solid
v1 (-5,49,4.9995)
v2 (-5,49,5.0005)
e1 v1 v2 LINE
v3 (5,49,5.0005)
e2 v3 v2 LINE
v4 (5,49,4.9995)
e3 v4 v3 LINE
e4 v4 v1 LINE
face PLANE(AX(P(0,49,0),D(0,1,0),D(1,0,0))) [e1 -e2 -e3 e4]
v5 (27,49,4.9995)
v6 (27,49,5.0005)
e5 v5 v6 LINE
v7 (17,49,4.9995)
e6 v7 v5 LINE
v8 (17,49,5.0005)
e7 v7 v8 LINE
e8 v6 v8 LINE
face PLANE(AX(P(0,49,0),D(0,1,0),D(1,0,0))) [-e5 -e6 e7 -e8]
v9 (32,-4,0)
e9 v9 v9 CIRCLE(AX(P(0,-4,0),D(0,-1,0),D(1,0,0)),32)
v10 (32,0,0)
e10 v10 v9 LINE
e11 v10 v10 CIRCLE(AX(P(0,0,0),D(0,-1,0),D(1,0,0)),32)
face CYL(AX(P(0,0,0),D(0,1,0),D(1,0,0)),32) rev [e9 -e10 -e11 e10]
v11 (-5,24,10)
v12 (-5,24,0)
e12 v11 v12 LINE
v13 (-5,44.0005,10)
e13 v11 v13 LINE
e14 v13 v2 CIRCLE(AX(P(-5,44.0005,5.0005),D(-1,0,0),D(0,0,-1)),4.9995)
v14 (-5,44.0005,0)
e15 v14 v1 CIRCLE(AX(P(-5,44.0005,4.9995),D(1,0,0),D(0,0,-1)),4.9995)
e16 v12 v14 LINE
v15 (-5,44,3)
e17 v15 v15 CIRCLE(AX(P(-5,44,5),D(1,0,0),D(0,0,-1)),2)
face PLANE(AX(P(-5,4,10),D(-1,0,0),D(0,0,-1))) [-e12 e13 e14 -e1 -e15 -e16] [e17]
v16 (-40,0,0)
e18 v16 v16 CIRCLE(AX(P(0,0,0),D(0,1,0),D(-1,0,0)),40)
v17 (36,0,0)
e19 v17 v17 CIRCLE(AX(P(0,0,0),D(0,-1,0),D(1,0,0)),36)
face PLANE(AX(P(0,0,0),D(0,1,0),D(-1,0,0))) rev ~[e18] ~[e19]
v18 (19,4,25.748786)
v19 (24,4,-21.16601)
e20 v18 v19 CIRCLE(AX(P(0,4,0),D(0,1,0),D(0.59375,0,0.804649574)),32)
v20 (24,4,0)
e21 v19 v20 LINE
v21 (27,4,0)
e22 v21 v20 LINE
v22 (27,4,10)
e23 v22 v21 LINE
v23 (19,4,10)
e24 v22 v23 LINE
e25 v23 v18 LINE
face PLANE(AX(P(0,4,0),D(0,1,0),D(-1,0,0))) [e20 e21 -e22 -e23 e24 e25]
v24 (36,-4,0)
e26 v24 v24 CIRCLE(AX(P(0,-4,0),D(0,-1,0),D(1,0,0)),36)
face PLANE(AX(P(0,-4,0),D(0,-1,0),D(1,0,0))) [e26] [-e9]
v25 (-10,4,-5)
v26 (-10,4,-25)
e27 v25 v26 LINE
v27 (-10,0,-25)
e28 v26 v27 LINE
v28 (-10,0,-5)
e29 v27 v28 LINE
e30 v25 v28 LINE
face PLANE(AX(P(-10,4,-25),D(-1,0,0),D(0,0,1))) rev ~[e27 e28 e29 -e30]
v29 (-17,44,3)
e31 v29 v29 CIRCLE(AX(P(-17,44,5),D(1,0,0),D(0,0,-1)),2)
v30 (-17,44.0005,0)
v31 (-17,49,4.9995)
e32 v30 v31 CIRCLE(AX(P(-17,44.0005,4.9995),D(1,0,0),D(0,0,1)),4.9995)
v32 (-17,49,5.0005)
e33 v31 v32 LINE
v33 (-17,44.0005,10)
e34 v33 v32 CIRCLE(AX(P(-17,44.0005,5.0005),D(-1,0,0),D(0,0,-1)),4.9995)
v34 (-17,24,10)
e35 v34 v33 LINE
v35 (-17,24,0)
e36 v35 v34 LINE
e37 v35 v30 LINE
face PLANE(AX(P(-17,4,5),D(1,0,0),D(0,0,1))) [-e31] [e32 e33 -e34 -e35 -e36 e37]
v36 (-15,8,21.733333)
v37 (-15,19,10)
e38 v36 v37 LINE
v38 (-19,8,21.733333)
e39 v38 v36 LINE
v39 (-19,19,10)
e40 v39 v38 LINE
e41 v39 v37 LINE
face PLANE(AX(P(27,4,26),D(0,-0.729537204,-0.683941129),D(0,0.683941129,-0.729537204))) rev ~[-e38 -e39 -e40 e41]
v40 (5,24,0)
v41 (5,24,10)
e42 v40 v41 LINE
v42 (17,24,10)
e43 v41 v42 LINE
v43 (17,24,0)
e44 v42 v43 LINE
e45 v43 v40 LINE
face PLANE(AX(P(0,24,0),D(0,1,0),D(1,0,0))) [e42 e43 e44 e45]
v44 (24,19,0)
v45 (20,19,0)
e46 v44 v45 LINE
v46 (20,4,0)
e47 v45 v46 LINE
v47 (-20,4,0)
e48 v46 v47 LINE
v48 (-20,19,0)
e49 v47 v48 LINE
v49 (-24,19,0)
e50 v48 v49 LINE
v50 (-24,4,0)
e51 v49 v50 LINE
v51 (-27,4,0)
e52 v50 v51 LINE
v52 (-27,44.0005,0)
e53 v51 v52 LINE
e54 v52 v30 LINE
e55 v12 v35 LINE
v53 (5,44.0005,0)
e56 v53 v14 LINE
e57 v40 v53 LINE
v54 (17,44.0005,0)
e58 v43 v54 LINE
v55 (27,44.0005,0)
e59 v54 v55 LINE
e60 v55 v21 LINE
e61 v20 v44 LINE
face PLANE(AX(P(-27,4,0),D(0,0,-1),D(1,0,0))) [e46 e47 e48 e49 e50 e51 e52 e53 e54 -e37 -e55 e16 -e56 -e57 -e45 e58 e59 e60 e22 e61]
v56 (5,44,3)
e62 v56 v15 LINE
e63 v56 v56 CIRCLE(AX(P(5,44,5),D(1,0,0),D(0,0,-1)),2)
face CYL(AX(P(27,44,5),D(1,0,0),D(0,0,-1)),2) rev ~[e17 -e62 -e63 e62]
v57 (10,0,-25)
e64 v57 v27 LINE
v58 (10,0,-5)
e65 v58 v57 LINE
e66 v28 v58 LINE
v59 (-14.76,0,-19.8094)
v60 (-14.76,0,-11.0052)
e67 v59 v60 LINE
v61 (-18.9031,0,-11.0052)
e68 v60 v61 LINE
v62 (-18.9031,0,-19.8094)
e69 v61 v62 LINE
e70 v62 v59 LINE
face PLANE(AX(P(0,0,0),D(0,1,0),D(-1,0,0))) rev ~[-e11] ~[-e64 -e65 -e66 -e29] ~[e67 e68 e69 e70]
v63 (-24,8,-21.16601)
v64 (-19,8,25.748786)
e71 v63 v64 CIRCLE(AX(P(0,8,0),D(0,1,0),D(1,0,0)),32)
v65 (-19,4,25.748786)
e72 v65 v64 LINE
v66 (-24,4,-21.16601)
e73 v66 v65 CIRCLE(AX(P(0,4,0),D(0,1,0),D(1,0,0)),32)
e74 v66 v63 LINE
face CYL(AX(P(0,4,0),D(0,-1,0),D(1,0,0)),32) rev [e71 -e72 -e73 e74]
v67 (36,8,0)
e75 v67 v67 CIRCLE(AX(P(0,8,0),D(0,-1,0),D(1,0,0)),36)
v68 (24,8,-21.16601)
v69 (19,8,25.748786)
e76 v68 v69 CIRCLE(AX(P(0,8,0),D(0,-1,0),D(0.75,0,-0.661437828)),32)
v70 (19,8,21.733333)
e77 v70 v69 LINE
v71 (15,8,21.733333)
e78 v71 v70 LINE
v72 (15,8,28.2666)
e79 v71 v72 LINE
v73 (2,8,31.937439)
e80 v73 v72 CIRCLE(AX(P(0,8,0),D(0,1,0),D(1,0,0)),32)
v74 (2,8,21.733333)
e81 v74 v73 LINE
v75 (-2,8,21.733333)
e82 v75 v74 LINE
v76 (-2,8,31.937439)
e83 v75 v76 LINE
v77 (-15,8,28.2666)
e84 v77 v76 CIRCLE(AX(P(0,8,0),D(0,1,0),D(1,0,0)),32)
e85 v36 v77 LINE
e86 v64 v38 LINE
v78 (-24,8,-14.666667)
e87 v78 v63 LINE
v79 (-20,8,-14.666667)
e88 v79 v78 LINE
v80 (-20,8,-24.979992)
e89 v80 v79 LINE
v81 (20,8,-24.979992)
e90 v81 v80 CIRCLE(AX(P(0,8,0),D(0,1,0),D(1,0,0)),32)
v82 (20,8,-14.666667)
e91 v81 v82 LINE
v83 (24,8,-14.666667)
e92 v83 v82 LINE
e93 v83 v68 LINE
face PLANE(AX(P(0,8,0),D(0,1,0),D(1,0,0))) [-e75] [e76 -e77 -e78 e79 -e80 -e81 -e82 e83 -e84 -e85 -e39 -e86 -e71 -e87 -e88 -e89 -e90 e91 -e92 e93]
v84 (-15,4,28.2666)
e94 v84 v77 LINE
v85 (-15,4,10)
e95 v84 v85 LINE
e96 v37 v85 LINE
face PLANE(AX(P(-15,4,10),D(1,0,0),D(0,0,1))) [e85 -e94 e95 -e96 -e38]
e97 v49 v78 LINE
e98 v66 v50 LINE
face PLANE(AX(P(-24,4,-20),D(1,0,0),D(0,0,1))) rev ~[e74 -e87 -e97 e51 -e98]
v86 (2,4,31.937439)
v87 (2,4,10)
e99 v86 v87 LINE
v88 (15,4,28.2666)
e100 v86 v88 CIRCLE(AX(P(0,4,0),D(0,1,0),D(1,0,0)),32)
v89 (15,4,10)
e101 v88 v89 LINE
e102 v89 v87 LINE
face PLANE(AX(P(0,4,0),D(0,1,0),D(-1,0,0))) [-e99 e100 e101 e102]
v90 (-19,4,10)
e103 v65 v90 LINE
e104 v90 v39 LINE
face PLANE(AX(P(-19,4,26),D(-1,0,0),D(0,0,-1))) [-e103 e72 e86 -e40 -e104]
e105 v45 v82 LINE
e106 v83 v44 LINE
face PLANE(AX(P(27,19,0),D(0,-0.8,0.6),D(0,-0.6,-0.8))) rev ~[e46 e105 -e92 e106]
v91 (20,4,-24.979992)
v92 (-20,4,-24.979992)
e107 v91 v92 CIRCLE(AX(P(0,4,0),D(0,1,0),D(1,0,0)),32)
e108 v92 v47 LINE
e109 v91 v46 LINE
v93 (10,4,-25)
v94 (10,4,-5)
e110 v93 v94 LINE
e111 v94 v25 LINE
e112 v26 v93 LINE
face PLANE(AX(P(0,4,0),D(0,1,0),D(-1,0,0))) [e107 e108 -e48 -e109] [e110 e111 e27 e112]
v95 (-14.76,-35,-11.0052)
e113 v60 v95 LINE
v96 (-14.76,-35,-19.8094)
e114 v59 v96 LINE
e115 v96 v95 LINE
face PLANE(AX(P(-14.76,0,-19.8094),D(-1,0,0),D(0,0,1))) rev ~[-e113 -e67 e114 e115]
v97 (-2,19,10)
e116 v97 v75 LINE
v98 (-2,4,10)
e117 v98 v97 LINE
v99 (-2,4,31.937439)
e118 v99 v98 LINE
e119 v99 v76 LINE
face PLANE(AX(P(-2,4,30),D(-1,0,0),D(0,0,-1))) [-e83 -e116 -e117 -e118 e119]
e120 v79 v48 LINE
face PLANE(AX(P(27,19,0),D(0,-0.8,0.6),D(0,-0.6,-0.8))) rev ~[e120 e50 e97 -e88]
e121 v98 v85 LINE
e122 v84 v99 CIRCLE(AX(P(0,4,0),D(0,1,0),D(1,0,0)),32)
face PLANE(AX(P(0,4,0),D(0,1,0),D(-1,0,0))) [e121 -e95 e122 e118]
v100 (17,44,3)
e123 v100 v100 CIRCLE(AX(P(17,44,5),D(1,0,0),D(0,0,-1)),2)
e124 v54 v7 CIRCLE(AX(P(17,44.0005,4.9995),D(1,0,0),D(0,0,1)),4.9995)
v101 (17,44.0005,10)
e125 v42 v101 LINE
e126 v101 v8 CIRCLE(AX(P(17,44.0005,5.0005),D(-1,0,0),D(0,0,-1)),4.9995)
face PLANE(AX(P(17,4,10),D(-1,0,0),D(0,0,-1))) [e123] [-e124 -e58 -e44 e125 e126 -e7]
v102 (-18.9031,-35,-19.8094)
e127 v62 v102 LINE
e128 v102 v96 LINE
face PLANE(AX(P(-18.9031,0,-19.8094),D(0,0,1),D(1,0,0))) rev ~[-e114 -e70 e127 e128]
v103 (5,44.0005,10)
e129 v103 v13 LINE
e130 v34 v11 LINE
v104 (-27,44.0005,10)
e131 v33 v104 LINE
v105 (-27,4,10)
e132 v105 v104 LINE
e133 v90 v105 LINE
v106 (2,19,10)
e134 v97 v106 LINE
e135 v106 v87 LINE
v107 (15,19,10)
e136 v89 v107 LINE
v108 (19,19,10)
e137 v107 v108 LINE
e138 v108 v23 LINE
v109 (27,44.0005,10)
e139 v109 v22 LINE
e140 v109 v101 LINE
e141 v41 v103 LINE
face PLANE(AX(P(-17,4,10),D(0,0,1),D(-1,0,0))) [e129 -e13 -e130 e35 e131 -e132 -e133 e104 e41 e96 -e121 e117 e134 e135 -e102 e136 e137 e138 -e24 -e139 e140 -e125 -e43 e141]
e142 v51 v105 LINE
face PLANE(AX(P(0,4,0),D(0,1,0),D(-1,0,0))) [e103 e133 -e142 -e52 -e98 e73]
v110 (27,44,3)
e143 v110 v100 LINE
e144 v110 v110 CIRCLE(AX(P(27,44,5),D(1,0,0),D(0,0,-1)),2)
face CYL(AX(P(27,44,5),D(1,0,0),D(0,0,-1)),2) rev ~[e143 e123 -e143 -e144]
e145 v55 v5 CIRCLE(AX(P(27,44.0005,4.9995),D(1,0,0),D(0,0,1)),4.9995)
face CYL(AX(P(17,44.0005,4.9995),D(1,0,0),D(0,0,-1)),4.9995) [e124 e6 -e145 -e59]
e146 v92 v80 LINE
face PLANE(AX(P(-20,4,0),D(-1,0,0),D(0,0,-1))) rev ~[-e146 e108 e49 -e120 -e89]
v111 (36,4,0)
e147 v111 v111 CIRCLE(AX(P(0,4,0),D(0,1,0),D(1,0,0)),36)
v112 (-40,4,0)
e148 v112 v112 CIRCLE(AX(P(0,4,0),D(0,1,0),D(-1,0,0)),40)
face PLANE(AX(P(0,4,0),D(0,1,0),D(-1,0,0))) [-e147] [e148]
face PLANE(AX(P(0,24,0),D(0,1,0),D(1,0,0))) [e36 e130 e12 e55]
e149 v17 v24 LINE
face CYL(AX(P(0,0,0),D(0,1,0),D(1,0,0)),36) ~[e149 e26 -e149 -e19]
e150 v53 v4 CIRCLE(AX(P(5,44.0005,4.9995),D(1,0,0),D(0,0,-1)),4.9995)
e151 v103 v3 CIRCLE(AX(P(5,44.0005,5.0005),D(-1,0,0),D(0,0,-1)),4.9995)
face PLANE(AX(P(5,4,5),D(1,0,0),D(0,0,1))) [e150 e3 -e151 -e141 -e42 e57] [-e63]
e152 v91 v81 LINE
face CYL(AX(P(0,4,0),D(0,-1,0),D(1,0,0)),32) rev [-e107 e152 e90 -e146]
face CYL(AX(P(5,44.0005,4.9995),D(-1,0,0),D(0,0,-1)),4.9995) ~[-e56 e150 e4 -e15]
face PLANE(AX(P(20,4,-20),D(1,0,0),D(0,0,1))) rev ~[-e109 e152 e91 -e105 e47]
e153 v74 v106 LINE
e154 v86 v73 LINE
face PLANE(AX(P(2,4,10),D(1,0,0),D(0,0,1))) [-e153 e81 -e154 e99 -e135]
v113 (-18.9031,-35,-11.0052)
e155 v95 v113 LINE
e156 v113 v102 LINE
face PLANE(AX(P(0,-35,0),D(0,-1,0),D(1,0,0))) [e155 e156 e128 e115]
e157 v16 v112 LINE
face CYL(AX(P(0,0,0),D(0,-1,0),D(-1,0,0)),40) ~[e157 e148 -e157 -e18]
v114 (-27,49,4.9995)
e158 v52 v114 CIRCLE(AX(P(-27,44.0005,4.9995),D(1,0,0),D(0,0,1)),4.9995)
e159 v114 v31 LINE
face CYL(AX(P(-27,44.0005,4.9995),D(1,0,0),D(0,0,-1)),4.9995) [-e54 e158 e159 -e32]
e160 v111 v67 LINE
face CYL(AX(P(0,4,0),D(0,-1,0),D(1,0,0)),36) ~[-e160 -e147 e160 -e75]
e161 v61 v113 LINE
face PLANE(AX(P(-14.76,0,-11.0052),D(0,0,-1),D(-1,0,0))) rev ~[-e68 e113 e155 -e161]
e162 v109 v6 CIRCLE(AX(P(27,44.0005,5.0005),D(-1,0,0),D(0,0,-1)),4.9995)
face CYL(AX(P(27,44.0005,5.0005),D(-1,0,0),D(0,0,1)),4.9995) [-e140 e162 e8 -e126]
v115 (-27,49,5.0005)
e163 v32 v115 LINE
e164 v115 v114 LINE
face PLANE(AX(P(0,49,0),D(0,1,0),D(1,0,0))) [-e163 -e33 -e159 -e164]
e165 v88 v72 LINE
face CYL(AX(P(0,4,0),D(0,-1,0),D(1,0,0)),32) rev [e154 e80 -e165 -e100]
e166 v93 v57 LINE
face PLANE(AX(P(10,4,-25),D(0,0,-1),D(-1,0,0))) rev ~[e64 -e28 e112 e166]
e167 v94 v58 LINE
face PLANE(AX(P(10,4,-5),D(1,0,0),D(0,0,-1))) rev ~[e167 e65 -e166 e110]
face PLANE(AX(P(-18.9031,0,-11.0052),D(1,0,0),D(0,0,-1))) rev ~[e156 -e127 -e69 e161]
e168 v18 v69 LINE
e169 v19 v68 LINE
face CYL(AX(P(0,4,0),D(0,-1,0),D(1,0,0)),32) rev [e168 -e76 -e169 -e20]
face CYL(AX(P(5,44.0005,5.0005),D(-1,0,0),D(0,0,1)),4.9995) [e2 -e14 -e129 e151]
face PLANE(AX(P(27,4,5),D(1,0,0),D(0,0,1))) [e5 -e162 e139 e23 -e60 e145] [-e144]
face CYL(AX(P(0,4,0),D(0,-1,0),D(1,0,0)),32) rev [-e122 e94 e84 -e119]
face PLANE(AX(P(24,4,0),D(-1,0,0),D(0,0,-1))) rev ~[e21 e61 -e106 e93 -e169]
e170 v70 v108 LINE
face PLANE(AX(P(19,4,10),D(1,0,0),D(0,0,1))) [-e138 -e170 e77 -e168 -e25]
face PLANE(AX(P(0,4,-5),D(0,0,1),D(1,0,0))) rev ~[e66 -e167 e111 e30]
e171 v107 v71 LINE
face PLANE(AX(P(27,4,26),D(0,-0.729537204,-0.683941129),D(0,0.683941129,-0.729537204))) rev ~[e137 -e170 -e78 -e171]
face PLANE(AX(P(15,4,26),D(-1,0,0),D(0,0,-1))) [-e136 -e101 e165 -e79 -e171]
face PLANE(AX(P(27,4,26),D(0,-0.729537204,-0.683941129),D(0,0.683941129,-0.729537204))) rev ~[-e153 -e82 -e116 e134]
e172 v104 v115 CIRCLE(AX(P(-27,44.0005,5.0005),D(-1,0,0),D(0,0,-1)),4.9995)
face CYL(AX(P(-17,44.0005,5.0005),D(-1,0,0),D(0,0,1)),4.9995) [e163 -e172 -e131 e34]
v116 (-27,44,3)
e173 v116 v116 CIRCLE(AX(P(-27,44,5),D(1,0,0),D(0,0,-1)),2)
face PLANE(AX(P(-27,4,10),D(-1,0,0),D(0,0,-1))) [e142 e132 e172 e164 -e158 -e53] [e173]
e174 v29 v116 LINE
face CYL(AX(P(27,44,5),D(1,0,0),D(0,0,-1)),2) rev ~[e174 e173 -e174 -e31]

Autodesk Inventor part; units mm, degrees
ref_plane "YZ Plane" through (0, 0, 0) normal (1, 0, 0) x (0, 1, 0)
ref_plane "XZ Plane" through (0, 0, 0) normal (0, 1, 0) x (-1, 0, 0)
ref_plane "XY Plane" through (0, 0, 0) normal (0, 0, 1) x (1, 0, 0)
sketch "Эскиз1" plane through (0, 0, 0) normal (0, 1, 0) x (-1, 0, 0)
  circle A0 centre (0, 0) radius 40
  dimension "d0" = 80
extrude "Выдавливание1" add sketch "Эскиз1" along normal blind 4
sketch "Эскиз2" plane through (0, 4, 0) normal (0, 1, 0) x (1, 0, 0)
  line L0 (-17, -10) -> (-27, -10)
  line L1 (-27, -10) -> (-27, 0)
  line L2 (-27, 0) -> (-17, 0)
  line L3 (-17, 0) -> (-17, -10)
  line L4 (27, -10) -> (17, -10)
  line L5 (17, -10) -> (17, 0)
  line L6 (17, 0) -> (27, 0)
  line L7 (27, 0) -> (27, -10)
  line L8 (5, -10) -> (-5, -10)
  line L9 (-5, -10) -> (-5, 0)
  line L10 (-5, 0) -> (5, 0)
  line L11 (5, 0) -> (5, -10)
  circle A0 centre (0, 0) radius 40 projected
  line L12 (0, 40) -> (0, 16.8758)
  line L13 (40, 0) -> (27.344, 0)
  line L14 (0, 0) -> (0, 40)
  line L15 (40, 0) -> (0, 0)
  line L16 (39.6863, -5) -> (-39.6863, -5)
  dimension "d3" = 10
  dimension "d4" = 12
  dimension "d5" = 10
  dimension "d14" = 5
extrude "Выдавливание2" add sketch "Эскиз2" along normal blind 45 contours L0 L1 L16 L3 | L16 L1 L2 L3 | L16 L11 L8 L9 | L9 L10 L11 L16 | L16 L7 L4 L5 | L5 L6 L7 L16
sketch "Эскиз3" plane through (27, 4, 10) normal (1, 0, 0) x (0, 0, -1)
  line L0 (0, 45) -> (10, 45) projected
  line L1 (10, 0) -> (10, 45) projected
  circle A0 centre (5, 40) radius 2
  point P0 (10, -4)
  point P1 (5, 45)
  point P2 (10, 40)
  dimension "d8" = 5
  dimension "d9" = 4
  dimension "d20" = 0
extrude "Выдавливание3" cut sketch "Эскиз3" against normal blind 100
fillet "Сопряжение1" radius 5 6 edges at (-22, 49, 10) (-22, 49, 0) (0, 49, 10) (0, 49, 0) (22, 49, 10) (22, 49, 0)
sketch "Эскиз4" plane through (0, 4, 0) normal (0, 1, 0) x (1, 0, 0)
  line L0 (10, 25) -> (-10, 25)
  line L1 (-10, 25) -> (-10, 5)
  line L2 (-10, 5) -> (10, 5)
  line L3 (10, 5) -> (10, 25)
  circle A0 centre (0, 0) radius 40 projected
  line L4 (0, 40) -> (0, 0)
  dimension "d15" = 20
  dimension "d16" = 20
  dimension "d17" = 5
extrude "Выдавливание4" cut sketch "Эскиз4" against normal blind 10 contours L3 L2 L4 L0 | L4 L2 L1 L0
sketch "Эскиз5" plane through (0, 4, 0) normal (0, 1, 0) x (1, 0, 0)
  line L0 (-27, -10) -> (-27, 0) projected
  line L1 (17, 0) -> (27, 0) projected
  line L2 (-27, -10) -> (27, -10)
  line L3 (27, -10) -> (27, 0)
  line L4 (27, 0) -> (-27, 0)
  line L5 (-27, 0) -> (-27, -10)
  point P0 (0, 0)
extrude "Выдавливание5" add sketch "Эскиз5" along normal blind 20
sketch "Эскиз6" plane through (0, 4, 0) normal (0, 1, 0) x (1, 0, 0)
  line L0 (-27, 0) -> (27, 0) projected
  line L1 (20, 0) -> (24, 0)
  line L2 (24, 0) -> (24, 20)
  line L3 (24, 20) -> (20, 20)
  line L4 (20, 20) -> (20, 0)
  line L5 (-24, 0) -> (-20, 0)
  line L6 (-20, 0) -> (-20, 20)
  line L7 (-20, 20) -> (-24, 20)
  line L8 (-24, 20) -> (-24, 0)
  line L9 (-5, -10) -> (5, -10) projected
  line L10 (-2, -10) -> (2, -10)
  line L11 (2, -10) -> (2, -30)
  line L12 (2, -30) -> (-2, -30)
  line L13 (-2, -30) -> (-2, -10)
  line L14 (-27, -10) -> (-17, -10) projected
  line L15 (-19, -10) -> (-15, -10)
  line L16 (-15, -10) -> (-15, -26)
  line L17 (-15, -26) -> (-19, -26)
  line L18 (-19, -26) -> (-19, -10)
  line L19 (27, -10) -> (-27, -10) projected
  line L20 (15, -10) -> (19, -10)
  line L21 (19, -10) -> (19, -26)
  line L22 (19, -26) -> (15, -26)
  line L23 (15, -26) -> (15, -10)
  line L24 (17, 0) -> (17, -10) projected
  line L25 (0, 0) -> (0, 4.7699)
  line L26 (-17, -10) -> (-17, 0) projected
  line L27 (-22, -10) -> (-22, 0)
  line L28 (17, -10) -> (27, -10) projected
  line L29 (22, -10) -> (22, 0)
  line L30 (-17, 0) -> (-27, 0) projected
  dimension "d23" = 4
  dimension "d24" = 20
  dimension "d25" = 16
  dimension "d26" = 20
  dimension "d27" = 0
extrude "Выдавливание6" add sketch "Эскиз6" along normal blind 15 contours L8 L7 L6 L0 | L14 L15 L16 L17 L18 | L4 L3 L2 L0 | L19 L21 L22 L23 | L9 L11 L12 L13
sketch "Эскиз7" plane through (27, 4, 10) normal (1, 0, 0) x (0, 0, -1)
  line L0 (-16, 0) -> (0, 0) projected
  line L1 (-16, 0) -> (0, 15)
  line L2 (0, 0) -> (0, 30) projected
  line L3 (10, 0) -> (10, 30) projected
  line L4 (30, 0) -> (30, 15) projected
  line L5 (10, 15) -> (30, 0)
  line L6 (50, 0) -> (-30, 0) projected
  line L7 (-30, 0) -> (50, 0)
  line L8 (50, 0) -> (50, -10)
  line L9 (50, -10) -> (-30, -10)
  line L10 (-30, -10) -> (-30, 0)
  arc A0 (10, 40) -> (0, 40) centre (5, 40) ccw projected
  line L11 (10, 0) -> (5, 0)
  line L12 (5, 0) -> (5, 45)
  line L13 (5, 45) -> (10, 45)
  line L14 (10, 45) -> (10, 0)
  line L15 (5, 45) -> (0, 45)
  line L16 (0, 45) -> (0, 0)
  line L17 (0, 0) -> (5, 0)
  line L18 (5, 0) -> (5, 45)
  point P0 (10, -4)
  dimension "d32" = 0
extrude "Выдавливание7" cut sketch "Эскиз7" against normal mid plane 1000 keep common part
sketch "Эскиз8" plane through (0, 4, 0) normal (0, 1, 0) x (1, 0, 0)
  circle A0 centre (0, 0) radius 36
  circle A1 centre (0, 0) radius 40 projected
  circle A2 centre (0, 0) radius 32
  line L0 (-19, -10) -> (-15, -10) projected
  line L1 (-19, -10) -> (-15, -10)
  line L2 (-15, -10) -> (-15, -28.2666)
  line L3 (-15, -28.2666) -> (-19, -28.2666)
  line L4 (-19, -28.2666) -> (-19, -10)
  line L5 (19, -10) -> (19, -26) projected
  line L6 (19, -10) -> (15, -10)
  line L7 (15, -10) -> (15, -28.2666)
  line L8 (15, -28.2666) -> (19, -28.2666)
  line L9 (19, -28.2666) -> (19, -10)
  line L10 (-2, -26) -> (-2, -10) projected
  line L11 (-2, -10) -> (2, -10)
  line L12 (2, -10) -> (2, -36)
  line L13 (2, -36) -> (-2, -36)
  line L14 (-2, -36) -> (-2, -10)
  line L15 (20, 0) -> (20, 20) projected
  line L16 (20, 0) -> (24, 0)
  line L17 (24, 0) -> (24, 26.8328)
  line L18 (24, 26.8328) -> (20, 26.8328)
  line L19 (20, 26.8328) -> (20, 0)
  line L20 (-20, 0) -> (20, 0) projected
  line L21 (-20, 0) -> (-24, 0)
  line L22 (-24, 0) -> (-24, 26.8328)
  line L23 (-24, 26.8328) -> (-20, 26.8328)
  line L24 (-20, 26.8328) -> (-20, 0)
  point P0 (0, -40)
  point P1 (0, -36)
  point P2 (0, -32)
  point P3 (-20, 24.98)
  point P4 (-24, 21.166)
  point P5 (24, 21.166)
  point P6 (20, 24.98)
  point P7 (19, -25.7488)
  point P8 (-2, -31.9374)
  point P9 (2, -31.9374)
  point P10 (-19, -25.7488)
  dimension "d33" = 4
  dimension "d34" = 4
extrude "Выдавливание8" add sketch "Эскиз8" along normal blind 4 contours A0 L12 A2 L8 L9 L5 L17 | L18 L19 A2 L24 L23 A0 | L17 A2 L19 L18 | A0 L14 A2 L12 | L22 A2 L4 L3 L14 A0 | L23 L24 A2 L22 | L17 L16 L15 L19 A2 | A2 L14 L10 L11 L12 | A2 L24 L21 L22 | L7 L6 L5 A2 | A2 L5 L9 L8 | L4 L0 L2 A2 | A2 L3 L4
sketch "Эскиз9" plane through (0, 0, 0) normal (0, -1, 0) x (1, 0, 0)
  circle A0 centre (0, 0) radius 36
  circle A1 centre (0, 0) radius 32
extrude "Выдавливание9" add sketch "Эскиз9" along normal blind 4
sketch "Эскиз10" plane through (0, 0, 0) normal (0, -1, 0) x (1, 0, 0)
  line L0 (-18.9031, -19.8094) -> (-14.76, -19.8094)
  line L1 (-14.76, -19.8094) -> (-14.76, -11.0052)
  line L2 (-14.76, -11.0052) -> (-18.9031, -11.0052)
  line L3 (-18.9031, -11.0052) -> (-18.9031, -19.8094)
  point P0 (0, 0)
extrude "Выдавливание10" add sketch "Эскиз10" along normal blind 35
properties part number "типа подшипник"
